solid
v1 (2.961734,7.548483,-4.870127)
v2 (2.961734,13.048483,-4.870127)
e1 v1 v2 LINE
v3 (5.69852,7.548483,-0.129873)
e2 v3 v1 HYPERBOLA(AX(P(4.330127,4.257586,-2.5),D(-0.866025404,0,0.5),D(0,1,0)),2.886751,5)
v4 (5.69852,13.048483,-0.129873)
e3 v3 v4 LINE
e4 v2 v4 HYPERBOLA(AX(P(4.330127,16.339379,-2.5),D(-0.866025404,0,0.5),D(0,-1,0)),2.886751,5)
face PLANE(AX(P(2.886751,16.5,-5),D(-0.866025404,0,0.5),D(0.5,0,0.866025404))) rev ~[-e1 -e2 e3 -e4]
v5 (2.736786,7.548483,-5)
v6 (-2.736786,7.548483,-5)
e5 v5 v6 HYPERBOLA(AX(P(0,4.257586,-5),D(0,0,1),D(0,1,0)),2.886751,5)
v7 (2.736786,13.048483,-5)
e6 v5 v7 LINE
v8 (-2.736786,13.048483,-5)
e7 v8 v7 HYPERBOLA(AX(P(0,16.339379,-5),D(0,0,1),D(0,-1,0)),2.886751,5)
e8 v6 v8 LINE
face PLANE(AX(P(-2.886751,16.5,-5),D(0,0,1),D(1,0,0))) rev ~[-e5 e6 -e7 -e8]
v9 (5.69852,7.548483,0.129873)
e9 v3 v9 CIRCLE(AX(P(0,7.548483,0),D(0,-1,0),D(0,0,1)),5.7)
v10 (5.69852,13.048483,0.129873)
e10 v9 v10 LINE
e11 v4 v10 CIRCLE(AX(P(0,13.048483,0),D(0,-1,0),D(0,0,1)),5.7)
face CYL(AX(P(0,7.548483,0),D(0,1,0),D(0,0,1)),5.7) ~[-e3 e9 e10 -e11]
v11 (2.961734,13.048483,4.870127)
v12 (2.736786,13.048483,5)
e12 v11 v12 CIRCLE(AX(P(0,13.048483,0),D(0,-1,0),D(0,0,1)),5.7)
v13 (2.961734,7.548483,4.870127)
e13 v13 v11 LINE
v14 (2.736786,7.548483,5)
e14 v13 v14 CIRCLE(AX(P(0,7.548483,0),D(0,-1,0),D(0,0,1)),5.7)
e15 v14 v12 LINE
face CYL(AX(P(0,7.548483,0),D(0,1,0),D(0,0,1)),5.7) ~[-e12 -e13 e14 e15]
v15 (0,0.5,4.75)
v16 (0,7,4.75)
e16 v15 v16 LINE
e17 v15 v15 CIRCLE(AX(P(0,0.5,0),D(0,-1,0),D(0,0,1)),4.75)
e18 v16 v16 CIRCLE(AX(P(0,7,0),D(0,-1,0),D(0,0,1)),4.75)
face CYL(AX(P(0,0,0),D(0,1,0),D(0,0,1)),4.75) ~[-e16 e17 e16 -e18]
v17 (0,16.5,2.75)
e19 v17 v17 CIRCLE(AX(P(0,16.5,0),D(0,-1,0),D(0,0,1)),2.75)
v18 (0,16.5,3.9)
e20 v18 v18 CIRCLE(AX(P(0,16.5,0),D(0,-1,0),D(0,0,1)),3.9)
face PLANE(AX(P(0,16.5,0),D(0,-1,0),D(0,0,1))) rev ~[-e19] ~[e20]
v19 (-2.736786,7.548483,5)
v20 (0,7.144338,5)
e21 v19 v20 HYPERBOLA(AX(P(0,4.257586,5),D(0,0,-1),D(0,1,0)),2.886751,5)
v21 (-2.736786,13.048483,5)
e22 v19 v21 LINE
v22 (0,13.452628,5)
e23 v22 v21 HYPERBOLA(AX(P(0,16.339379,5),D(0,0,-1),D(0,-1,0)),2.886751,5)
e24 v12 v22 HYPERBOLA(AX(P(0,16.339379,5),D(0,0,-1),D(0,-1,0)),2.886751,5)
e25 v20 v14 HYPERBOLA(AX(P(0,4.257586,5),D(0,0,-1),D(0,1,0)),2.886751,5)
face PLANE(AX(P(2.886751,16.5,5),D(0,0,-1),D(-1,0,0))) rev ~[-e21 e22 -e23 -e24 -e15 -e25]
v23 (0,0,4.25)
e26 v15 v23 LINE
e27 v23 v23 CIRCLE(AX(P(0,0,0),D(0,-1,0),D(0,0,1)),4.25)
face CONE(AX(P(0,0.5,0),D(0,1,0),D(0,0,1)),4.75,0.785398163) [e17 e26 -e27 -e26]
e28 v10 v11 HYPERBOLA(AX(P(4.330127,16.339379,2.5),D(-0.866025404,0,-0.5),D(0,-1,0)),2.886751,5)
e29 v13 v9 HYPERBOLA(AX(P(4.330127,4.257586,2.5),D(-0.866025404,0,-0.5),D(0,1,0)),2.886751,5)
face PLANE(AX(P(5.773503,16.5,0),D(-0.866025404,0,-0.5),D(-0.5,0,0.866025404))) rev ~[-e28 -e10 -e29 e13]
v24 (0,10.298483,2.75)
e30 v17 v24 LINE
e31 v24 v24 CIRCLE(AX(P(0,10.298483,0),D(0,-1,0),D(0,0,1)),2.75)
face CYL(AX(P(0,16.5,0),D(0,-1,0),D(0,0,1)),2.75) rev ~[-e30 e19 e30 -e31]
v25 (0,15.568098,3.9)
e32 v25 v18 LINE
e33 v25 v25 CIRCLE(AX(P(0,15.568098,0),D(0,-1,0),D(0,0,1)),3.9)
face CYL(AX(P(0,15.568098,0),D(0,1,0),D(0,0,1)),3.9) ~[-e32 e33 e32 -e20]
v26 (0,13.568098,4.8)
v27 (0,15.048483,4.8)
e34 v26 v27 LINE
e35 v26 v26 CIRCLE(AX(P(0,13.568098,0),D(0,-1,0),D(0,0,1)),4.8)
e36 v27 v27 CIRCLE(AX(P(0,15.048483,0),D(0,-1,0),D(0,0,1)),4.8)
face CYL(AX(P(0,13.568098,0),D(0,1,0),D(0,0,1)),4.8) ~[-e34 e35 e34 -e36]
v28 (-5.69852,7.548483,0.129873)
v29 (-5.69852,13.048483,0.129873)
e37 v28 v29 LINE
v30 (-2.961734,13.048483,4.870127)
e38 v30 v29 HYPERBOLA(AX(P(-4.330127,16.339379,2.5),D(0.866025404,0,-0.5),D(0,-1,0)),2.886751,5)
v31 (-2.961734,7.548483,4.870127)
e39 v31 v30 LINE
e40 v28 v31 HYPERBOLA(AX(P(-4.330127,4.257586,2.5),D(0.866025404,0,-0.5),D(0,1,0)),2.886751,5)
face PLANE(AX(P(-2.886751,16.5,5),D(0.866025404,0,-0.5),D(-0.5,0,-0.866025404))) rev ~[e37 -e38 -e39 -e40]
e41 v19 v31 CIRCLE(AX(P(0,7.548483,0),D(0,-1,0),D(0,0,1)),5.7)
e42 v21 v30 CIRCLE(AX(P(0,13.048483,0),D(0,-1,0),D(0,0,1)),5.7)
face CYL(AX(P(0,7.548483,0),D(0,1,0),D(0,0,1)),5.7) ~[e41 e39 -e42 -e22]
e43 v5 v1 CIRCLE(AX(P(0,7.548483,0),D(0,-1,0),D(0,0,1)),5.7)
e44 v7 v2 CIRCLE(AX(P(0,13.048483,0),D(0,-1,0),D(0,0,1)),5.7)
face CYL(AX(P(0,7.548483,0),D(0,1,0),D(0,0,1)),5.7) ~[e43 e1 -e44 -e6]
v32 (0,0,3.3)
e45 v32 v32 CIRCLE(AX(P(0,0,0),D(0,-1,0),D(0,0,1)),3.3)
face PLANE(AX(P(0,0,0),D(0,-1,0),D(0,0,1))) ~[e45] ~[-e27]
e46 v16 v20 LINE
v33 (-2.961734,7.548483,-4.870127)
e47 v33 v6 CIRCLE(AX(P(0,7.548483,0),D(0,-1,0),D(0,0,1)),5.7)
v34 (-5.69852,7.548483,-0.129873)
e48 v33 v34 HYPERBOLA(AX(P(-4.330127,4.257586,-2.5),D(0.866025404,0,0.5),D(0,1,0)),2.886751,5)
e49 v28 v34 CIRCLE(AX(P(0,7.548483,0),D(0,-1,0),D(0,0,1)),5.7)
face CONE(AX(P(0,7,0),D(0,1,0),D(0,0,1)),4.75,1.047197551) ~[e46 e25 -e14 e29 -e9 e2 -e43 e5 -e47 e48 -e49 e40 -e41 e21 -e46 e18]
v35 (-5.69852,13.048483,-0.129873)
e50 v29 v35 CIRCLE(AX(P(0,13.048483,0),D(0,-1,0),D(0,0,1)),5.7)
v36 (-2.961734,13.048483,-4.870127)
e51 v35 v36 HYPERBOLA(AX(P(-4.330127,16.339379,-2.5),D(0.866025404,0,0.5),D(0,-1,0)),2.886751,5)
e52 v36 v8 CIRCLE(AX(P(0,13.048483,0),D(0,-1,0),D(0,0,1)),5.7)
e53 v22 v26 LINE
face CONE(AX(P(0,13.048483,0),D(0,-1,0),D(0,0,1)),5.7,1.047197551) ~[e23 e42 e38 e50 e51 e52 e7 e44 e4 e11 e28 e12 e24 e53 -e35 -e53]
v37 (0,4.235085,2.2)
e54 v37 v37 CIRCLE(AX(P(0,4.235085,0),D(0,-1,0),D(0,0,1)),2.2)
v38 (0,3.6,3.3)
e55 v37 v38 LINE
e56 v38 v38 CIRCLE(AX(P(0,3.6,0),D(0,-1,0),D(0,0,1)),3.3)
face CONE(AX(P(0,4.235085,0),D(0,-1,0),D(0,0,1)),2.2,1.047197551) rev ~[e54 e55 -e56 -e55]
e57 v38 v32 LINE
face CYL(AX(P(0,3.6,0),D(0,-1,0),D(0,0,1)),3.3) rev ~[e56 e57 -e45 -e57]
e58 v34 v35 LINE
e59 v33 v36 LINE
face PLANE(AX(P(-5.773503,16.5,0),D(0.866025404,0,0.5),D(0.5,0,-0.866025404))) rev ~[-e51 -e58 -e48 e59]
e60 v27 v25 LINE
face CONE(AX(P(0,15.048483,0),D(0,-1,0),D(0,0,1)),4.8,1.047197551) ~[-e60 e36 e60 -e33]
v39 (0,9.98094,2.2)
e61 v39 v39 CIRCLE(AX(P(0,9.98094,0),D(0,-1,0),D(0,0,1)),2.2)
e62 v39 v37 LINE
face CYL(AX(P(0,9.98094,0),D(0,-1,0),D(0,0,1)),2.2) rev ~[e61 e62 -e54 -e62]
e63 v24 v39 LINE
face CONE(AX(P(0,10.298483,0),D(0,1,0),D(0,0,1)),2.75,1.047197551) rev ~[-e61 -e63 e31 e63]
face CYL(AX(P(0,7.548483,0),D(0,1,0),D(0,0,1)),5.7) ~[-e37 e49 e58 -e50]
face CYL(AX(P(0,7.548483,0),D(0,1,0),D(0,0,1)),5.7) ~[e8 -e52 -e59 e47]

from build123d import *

# Parameters (mm, degrees)
CUT_EXTRUDE1_DEPTH = 19.363823131
CHAMFER1_SIZE      = 0.5


with BuildPart() as part:
    # Sketch1 → Revolve1 (revolve)
    with BuildSketch(Plane(origin=(0, 0, 0), x_dir=(0, 0, -1), z_dir=(1, 0, 0)), mode=Mode.PRIVATE) as revolve1_sk:
        Polygon((4.75, 0), (4.75, 7), (5.7, 7.548482756), (5.7, 13.048482756), (4.8, 13.568097998), (4.8, 15.048482756), (3.9, 15.568097998), (3.9, 16.5), (2.75, 16.5), (2.75, 10.298482756), (2.2, 9.980940108), (2.2, 4.235085296), (3.3, 3.6), (3.3, 0), align=None)
    revolve(revolve1_sk.sketch.rotate(Axis((0, 19.630565864, 0), (0, -1, 0)), 180), axis=Axis((0, 19.630565864, 0), (0, -1, 0)))

    # Sketch2 → Cut-Extrude1 (cut, through all)
    with BuildSketch(Plane(origin=(0, 16.5, 0), x_dir=(1, 0, 0), z_dir=(0, 1, 0))):
        with BuildLine():
            Line((-2.886751346, 5), (2.886751346, 5))
            ThreePointArc((2.886751346, 5), (0, 5.773502692), (-2.886751346, 5))
        make_face()
        with BuildLine():
            Line((-5.773502692, 0), (-2.886751346, 5))
            ThreePointArc((-2.886751346, 5), (-5, 2.886751346), (-5.773502692, 0))
        make_face()
        with BuildLine():
            Line((-2.886751346, -5), (-5.773502692, 0))
            ThreePointArc((-5.773502692, 0), (-5, -2.886751346), (-2.886751346, -5))
        make_face()
        with BuildLine():
            ThreePointArc((-2.886751346, -5), (0, -5.773502692), (2.886751346, -5))
            Line((2.886751346, -5), (-2.886751346, -5))
        make_face()
        with BuildLine():
            ThreePointArc((2.886751346, -5), (5, -2.886751346), (5.773502692, 0))
            Line((5.773502692, 0), (2.886751346, -5))
        make_face()
        with BuildLine():
            ThreePointArc((5.773502692, 0), (5, 2.886751346), (2.886751346, 5))
            Line((2.886751346, 5), (5.773502692, 0))
        make_face()
    extrude(amount=-CUT_EXTRUDE1_DEPTH, mode=Mode.SUBTRACT)

    # Chamfer1
    chamfer1_edges = [part.edges().sort_by_distance(p)[0] for p in [
        (0, 0, -4.75),
    ]]
    chamfer(chamfer1_edges, length=CHAMFER1_SIZE)


solid = part.part
